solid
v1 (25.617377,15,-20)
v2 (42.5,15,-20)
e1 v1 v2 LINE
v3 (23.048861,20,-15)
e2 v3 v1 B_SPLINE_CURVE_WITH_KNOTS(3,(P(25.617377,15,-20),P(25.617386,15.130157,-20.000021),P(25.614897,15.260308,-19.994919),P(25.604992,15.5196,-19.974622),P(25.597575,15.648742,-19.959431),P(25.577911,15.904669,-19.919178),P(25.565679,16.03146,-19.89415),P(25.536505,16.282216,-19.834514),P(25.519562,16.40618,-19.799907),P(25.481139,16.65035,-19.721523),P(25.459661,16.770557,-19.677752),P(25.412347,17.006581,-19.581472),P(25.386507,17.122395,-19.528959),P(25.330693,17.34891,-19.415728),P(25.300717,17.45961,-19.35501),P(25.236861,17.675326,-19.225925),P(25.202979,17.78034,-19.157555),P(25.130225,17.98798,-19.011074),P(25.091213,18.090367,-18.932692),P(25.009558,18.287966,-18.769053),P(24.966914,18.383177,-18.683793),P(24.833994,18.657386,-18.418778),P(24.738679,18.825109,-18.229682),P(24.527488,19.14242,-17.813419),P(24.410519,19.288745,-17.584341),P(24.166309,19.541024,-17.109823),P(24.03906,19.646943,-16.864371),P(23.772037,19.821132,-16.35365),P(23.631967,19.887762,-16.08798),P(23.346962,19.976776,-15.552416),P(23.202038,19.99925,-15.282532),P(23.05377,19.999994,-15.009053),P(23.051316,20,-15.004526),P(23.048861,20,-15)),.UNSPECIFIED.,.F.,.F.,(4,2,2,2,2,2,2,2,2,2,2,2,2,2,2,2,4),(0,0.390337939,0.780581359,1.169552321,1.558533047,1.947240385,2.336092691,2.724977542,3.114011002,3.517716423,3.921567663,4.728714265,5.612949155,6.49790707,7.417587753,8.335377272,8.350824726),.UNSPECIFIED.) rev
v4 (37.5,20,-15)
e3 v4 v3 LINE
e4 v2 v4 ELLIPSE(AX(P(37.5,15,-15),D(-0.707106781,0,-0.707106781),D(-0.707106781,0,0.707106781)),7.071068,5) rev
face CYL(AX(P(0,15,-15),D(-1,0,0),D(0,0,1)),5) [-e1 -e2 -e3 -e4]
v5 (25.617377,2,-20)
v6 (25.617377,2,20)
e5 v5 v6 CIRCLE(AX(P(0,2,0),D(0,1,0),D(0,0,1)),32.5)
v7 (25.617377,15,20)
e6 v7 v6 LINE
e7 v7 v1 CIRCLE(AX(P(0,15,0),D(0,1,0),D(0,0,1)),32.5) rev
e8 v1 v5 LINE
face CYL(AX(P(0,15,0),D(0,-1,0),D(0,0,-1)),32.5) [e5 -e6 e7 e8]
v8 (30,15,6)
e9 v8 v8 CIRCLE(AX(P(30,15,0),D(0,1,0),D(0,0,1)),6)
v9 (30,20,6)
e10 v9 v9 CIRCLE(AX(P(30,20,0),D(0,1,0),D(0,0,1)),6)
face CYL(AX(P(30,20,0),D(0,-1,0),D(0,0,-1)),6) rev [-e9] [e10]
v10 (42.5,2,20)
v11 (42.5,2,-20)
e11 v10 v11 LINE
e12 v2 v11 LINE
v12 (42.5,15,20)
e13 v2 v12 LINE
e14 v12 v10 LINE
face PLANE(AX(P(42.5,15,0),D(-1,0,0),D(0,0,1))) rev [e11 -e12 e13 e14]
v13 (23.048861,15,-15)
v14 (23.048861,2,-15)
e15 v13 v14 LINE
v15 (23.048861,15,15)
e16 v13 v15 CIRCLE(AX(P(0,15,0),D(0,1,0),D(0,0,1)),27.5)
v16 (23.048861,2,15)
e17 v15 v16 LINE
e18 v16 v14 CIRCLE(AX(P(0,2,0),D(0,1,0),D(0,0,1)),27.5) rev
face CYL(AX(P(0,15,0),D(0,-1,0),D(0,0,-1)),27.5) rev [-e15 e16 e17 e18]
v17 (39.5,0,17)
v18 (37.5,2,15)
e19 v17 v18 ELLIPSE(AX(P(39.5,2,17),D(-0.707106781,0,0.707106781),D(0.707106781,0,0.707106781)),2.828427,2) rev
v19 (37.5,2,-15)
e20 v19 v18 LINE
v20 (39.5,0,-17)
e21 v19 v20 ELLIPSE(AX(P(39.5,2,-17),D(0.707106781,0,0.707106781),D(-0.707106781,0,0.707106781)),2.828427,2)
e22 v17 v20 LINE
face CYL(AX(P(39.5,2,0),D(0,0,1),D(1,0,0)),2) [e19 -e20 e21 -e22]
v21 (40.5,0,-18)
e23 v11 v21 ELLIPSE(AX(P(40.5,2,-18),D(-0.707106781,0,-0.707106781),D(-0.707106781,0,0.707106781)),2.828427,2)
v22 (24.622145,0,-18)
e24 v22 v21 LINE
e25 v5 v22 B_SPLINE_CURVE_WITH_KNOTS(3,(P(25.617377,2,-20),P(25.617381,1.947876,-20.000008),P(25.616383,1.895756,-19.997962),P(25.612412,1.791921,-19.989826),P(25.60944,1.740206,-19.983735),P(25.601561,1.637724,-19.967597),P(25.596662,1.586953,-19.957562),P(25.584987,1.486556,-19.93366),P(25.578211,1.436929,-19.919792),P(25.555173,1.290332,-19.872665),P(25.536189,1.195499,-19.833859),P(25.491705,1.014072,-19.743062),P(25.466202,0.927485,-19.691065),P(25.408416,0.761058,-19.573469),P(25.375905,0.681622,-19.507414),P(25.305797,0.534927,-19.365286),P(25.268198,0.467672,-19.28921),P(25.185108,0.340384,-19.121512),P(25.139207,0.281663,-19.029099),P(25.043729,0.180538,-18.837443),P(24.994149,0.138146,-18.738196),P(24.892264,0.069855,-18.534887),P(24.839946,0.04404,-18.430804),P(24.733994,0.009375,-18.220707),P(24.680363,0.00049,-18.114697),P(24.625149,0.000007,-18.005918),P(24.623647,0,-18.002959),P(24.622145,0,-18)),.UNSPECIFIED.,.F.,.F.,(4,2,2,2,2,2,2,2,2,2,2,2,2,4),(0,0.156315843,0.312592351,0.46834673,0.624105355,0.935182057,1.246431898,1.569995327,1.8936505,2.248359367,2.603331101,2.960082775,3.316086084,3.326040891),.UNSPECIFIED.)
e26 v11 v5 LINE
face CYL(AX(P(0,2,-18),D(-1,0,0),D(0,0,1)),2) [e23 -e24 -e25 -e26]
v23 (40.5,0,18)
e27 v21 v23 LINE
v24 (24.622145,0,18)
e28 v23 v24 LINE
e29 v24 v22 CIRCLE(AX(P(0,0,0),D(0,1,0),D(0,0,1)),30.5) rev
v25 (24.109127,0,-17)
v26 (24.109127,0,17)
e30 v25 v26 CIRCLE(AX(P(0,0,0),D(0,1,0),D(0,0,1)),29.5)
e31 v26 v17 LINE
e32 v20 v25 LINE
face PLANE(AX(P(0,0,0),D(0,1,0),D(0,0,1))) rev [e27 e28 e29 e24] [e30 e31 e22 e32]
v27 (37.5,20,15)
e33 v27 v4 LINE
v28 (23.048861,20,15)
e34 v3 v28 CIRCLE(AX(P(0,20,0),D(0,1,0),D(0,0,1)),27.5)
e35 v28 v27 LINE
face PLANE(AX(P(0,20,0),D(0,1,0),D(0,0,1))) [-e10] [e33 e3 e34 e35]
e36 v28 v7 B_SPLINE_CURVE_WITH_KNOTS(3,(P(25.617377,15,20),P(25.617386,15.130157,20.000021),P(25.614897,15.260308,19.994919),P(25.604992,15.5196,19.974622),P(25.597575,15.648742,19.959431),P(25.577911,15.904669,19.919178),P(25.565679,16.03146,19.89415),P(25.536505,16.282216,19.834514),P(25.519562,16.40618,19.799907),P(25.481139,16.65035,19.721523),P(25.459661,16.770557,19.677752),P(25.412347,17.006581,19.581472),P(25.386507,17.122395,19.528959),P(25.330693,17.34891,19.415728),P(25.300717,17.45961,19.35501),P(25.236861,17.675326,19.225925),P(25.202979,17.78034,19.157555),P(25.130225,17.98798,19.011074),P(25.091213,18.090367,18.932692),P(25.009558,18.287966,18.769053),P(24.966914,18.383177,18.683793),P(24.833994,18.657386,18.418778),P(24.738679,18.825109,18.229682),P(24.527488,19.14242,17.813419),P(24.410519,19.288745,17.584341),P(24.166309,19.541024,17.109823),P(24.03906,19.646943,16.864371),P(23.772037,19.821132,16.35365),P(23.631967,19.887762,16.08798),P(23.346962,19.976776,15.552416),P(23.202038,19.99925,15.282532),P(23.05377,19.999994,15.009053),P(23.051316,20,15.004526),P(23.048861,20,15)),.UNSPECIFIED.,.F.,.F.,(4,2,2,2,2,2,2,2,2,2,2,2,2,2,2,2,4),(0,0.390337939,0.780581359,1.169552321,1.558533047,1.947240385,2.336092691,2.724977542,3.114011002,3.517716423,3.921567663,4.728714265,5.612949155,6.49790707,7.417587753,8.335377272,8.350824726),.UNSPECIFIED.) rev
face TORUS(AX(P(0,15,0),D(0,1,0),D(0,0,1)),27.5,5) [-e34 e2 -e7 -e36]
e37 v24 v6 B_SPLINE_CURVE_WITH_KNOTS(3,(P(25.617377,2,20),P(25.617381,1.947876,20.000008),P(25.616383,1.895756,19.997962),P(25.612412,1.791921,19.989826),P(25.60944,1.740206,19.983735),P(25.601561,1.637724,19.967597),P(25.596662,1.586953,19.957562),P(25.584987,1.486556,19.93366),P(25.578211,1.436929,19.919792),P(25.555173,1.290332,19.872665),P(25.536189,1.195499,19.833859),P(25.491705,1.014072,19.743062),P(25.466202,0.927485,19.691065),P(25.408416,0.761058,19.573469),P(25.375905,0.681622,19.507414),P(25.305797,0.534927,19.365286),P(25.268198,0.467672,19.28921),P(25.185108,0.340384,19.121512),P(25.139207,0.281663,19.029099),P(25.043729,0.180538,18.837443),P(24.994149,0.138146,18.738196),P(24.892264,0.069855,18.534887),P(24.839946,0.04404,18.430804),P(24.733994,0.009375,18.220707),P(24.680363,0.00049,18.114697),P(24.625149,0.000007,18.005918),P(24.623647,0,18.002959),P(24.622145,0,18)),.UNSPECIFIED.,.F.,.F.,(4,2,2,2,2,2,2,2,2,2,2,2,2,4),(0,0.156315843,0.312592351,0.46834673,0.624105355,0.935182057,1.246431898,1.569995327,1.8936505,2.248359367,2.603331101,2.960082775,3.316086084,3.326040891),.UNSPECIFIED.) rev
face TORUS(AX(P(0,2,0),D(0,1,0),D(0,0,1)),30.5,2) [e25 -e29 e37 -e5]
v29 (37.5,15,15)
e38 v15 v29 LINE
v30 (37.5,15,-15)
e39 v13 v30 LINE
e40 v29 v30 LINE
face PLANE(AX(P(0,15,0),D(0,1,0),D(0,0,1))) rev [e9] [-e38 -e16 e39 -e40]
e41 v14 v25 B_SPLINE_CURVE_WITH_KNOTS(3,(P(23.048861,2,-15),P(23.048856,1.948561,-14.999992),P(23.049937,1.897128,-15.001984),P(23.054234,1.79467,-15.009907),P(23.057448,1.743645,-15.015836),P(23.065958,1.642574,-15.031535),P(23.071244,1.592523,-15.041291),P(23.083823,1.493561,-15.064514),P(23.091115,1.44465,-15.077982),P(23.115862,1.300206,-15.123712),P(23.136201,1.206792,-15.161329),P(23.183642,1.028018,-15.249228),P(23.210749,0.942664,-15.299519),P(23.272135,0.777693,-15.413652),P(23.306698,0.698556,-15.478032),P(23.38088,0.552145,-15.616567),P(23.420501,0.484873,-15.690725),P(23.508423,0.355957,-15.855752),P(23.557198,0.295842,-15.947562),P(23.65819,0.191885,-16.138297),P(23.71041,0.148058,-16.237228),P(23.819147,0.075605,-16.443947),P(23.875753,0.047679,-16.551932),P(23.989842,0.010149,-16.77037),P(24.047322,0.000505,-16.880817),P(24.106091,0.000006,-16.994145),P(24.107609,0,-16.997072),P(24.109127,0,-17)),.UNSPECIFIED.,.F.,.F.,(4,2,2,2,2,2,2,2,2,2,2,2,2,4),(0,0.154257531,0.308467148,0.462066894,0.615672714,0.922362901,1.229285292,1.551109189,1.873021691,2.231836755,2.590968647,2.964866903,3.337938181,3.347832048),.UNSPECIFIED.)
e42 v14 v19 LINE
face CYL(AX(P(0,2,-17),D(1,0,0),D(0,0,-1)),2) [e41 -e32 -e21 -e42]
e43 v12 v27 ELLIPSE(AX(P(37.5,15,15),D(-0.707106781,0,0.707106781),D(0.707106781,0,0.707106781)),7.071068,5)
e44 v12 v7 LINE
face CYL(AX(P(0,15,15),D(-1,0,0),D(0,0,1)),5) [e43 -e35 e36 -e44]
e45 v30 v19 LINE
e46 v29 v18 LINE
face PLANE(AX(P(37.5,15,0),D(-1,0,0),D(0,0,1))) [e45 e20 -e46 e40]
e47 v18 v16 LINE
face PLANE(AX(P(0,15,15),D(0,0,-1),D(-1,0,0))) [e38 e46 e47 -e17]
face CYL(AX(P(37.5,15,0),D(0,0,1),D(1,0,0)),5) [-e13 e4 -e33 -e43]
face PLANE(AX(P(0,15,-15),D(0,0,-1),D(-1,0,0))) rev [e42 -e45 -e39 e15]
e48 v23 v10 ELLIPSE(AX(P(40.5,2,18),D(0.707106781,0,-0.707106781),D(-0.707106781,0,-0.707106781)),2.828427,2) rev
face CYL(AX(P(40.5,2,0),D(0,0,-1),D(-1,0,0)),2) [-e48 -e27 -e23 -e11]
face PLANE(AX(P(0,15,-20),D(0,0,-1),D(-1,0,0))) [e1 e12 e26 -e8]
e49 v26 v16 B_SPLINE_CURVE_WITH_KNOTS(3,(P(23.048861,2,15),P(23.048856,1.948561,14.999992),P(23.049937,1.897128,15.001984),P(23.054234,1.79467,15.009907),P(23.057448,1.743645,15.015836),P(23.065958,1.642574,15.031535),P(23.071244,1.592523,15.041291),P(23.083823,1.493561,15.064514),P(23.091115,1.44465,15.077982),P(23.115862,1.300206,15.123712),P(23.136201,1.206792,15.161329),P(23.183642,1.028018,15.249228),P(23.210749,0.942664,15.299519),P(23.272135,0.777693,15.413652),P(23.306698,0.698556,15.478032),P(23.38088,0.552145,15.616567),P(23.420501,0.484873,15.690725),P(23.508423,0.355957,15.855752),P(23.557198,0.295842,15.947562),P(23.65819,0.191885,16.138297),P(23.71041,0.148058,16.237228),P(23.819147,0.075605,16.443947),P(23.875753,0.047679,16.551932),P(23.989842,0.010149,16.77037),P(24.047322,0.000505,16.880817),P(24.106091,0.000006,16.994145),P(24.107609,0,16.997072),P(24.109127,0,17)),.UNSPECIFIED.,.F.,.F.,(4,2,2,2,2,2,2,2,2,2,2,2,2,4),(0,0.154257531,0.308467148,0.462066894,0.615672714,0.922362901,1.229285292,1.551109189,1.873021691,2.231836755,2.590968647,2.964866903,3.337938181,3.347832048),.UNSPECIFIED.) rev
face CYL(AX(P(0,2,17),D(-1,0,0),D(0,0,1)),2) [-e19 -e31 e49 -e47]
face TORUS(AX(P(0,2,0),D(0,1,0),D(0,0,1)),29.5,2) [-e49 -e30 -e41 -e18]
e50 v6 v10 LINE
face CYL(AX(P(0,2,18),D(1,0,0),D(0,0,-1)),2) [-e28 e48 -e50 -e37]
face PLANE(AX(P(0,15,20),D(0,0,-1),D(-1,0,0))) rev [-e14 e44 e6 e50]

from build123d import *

# Parameters (mm, degrees)
BOSS_EXTRU_1_DEPTH = 15
ESQUISSE2_R        = 6
BOSS_EXTRU_2_DEPTH = 5
CONG_1_R           = 5
CONG_2_R           = 2


with BuildPart() as part:
    # Esquisse1 → Boss.-Extru.1 (new body)
    with BuildSketch(Plane(origin=(0, 0, 0), x_dir=(1, 0, 0), z_dir=(0, 1, 0))):
        with BuildLine():
            ThreePointArc((28.831406487, 15), (27.338937497, 17.573630715), (25.617376915, 20))
            ThreePointArc((25.617376915, 20), (-32.5, 0), (25.617376915, -20))
            ThreePointArc((25.617376915, -20), (27.338937497, -17.573630715), (28.831406487, -15))
            Line((28.831406487, -15), (23.048861143, -15))
            ThreePointArc((23.048861143, -15), (-27.5, 0), (23.048861143, 15))
            Line((23.048861143, 15), (28.831406487, 15))
        make_face()
        with BuildLine():
            Line((42.5, 20), (25.617376915, 20))
            ThreePointArc((25.617376915, 20), (27.338937497, 17.573630715), (28.831406487, 15))
            Line((28.831406487, 15), (37.5, 15))
            Line((37.5, 15), (37.5, -15))
            Line((37.5, -15), (28.831406487, -15))
            ThreePointArc((28.831406487, -15), (27.338937497, -17.573630715), (25.617376915, -20))
            Line((25.617376915, -20), (42.5, -20))
            Line((42.5, -20), (42.5, 20))
        make_face()
    extrude(amount=BOSS_EXTRU_1_DEPTH)

    # Esquisse2 → Boss.-Extru.2 (add)
    with BuildSketch(Plane(origin=(0, 15, 0), x_dir=(1, 0, 0), z_dir=(0, 1, 0))):
        with BuildLine():
            Line((42.5, 20), (25.617376915, 20))
            ThreePointArc((25.617376915, 20), (-32.5, 0), (25.617376915, -20))
            Line((25.617376915, -20), (42.5, -20))
            Line((42.5, -20), (42.5, 20))
        make_face()
        with Locations((30, 0)):
            Circle(ESQUISSE2_R, mode=Mode.SUBTRACT)
    extrude(amount=BOSS_EXTRU_2_DEPTH)

    # Congé1
    cong_1_edges = [part.edges().sort_by_distance(p)[0] for p in [
        (42.5, 20, 0),
        (34.058688457, 20, -20),
        (-32.5, 20, 0),
        (34.058688457, 20, 20),
    ]]
    fillet(cong_1_edges, radius=CONG_1_R)

    # Congé2
    cong_2_edges = [part.edges().sort_by_distance(p)[0] for p in [
        (-27.5, 0, 0),
        (30.274430572, 0, 15),
        (37.5, 0, 0),
        (30.274430572, 0, -15),
        (42.5, 0, 0),
        (34.058688457, 0, 20),
        (-32.5, 0, 0),
        (34.058688457, 0, -20),
    ]]
    fillet(cong_2_edges, radius=CONG_2_R)


solid = part.part
